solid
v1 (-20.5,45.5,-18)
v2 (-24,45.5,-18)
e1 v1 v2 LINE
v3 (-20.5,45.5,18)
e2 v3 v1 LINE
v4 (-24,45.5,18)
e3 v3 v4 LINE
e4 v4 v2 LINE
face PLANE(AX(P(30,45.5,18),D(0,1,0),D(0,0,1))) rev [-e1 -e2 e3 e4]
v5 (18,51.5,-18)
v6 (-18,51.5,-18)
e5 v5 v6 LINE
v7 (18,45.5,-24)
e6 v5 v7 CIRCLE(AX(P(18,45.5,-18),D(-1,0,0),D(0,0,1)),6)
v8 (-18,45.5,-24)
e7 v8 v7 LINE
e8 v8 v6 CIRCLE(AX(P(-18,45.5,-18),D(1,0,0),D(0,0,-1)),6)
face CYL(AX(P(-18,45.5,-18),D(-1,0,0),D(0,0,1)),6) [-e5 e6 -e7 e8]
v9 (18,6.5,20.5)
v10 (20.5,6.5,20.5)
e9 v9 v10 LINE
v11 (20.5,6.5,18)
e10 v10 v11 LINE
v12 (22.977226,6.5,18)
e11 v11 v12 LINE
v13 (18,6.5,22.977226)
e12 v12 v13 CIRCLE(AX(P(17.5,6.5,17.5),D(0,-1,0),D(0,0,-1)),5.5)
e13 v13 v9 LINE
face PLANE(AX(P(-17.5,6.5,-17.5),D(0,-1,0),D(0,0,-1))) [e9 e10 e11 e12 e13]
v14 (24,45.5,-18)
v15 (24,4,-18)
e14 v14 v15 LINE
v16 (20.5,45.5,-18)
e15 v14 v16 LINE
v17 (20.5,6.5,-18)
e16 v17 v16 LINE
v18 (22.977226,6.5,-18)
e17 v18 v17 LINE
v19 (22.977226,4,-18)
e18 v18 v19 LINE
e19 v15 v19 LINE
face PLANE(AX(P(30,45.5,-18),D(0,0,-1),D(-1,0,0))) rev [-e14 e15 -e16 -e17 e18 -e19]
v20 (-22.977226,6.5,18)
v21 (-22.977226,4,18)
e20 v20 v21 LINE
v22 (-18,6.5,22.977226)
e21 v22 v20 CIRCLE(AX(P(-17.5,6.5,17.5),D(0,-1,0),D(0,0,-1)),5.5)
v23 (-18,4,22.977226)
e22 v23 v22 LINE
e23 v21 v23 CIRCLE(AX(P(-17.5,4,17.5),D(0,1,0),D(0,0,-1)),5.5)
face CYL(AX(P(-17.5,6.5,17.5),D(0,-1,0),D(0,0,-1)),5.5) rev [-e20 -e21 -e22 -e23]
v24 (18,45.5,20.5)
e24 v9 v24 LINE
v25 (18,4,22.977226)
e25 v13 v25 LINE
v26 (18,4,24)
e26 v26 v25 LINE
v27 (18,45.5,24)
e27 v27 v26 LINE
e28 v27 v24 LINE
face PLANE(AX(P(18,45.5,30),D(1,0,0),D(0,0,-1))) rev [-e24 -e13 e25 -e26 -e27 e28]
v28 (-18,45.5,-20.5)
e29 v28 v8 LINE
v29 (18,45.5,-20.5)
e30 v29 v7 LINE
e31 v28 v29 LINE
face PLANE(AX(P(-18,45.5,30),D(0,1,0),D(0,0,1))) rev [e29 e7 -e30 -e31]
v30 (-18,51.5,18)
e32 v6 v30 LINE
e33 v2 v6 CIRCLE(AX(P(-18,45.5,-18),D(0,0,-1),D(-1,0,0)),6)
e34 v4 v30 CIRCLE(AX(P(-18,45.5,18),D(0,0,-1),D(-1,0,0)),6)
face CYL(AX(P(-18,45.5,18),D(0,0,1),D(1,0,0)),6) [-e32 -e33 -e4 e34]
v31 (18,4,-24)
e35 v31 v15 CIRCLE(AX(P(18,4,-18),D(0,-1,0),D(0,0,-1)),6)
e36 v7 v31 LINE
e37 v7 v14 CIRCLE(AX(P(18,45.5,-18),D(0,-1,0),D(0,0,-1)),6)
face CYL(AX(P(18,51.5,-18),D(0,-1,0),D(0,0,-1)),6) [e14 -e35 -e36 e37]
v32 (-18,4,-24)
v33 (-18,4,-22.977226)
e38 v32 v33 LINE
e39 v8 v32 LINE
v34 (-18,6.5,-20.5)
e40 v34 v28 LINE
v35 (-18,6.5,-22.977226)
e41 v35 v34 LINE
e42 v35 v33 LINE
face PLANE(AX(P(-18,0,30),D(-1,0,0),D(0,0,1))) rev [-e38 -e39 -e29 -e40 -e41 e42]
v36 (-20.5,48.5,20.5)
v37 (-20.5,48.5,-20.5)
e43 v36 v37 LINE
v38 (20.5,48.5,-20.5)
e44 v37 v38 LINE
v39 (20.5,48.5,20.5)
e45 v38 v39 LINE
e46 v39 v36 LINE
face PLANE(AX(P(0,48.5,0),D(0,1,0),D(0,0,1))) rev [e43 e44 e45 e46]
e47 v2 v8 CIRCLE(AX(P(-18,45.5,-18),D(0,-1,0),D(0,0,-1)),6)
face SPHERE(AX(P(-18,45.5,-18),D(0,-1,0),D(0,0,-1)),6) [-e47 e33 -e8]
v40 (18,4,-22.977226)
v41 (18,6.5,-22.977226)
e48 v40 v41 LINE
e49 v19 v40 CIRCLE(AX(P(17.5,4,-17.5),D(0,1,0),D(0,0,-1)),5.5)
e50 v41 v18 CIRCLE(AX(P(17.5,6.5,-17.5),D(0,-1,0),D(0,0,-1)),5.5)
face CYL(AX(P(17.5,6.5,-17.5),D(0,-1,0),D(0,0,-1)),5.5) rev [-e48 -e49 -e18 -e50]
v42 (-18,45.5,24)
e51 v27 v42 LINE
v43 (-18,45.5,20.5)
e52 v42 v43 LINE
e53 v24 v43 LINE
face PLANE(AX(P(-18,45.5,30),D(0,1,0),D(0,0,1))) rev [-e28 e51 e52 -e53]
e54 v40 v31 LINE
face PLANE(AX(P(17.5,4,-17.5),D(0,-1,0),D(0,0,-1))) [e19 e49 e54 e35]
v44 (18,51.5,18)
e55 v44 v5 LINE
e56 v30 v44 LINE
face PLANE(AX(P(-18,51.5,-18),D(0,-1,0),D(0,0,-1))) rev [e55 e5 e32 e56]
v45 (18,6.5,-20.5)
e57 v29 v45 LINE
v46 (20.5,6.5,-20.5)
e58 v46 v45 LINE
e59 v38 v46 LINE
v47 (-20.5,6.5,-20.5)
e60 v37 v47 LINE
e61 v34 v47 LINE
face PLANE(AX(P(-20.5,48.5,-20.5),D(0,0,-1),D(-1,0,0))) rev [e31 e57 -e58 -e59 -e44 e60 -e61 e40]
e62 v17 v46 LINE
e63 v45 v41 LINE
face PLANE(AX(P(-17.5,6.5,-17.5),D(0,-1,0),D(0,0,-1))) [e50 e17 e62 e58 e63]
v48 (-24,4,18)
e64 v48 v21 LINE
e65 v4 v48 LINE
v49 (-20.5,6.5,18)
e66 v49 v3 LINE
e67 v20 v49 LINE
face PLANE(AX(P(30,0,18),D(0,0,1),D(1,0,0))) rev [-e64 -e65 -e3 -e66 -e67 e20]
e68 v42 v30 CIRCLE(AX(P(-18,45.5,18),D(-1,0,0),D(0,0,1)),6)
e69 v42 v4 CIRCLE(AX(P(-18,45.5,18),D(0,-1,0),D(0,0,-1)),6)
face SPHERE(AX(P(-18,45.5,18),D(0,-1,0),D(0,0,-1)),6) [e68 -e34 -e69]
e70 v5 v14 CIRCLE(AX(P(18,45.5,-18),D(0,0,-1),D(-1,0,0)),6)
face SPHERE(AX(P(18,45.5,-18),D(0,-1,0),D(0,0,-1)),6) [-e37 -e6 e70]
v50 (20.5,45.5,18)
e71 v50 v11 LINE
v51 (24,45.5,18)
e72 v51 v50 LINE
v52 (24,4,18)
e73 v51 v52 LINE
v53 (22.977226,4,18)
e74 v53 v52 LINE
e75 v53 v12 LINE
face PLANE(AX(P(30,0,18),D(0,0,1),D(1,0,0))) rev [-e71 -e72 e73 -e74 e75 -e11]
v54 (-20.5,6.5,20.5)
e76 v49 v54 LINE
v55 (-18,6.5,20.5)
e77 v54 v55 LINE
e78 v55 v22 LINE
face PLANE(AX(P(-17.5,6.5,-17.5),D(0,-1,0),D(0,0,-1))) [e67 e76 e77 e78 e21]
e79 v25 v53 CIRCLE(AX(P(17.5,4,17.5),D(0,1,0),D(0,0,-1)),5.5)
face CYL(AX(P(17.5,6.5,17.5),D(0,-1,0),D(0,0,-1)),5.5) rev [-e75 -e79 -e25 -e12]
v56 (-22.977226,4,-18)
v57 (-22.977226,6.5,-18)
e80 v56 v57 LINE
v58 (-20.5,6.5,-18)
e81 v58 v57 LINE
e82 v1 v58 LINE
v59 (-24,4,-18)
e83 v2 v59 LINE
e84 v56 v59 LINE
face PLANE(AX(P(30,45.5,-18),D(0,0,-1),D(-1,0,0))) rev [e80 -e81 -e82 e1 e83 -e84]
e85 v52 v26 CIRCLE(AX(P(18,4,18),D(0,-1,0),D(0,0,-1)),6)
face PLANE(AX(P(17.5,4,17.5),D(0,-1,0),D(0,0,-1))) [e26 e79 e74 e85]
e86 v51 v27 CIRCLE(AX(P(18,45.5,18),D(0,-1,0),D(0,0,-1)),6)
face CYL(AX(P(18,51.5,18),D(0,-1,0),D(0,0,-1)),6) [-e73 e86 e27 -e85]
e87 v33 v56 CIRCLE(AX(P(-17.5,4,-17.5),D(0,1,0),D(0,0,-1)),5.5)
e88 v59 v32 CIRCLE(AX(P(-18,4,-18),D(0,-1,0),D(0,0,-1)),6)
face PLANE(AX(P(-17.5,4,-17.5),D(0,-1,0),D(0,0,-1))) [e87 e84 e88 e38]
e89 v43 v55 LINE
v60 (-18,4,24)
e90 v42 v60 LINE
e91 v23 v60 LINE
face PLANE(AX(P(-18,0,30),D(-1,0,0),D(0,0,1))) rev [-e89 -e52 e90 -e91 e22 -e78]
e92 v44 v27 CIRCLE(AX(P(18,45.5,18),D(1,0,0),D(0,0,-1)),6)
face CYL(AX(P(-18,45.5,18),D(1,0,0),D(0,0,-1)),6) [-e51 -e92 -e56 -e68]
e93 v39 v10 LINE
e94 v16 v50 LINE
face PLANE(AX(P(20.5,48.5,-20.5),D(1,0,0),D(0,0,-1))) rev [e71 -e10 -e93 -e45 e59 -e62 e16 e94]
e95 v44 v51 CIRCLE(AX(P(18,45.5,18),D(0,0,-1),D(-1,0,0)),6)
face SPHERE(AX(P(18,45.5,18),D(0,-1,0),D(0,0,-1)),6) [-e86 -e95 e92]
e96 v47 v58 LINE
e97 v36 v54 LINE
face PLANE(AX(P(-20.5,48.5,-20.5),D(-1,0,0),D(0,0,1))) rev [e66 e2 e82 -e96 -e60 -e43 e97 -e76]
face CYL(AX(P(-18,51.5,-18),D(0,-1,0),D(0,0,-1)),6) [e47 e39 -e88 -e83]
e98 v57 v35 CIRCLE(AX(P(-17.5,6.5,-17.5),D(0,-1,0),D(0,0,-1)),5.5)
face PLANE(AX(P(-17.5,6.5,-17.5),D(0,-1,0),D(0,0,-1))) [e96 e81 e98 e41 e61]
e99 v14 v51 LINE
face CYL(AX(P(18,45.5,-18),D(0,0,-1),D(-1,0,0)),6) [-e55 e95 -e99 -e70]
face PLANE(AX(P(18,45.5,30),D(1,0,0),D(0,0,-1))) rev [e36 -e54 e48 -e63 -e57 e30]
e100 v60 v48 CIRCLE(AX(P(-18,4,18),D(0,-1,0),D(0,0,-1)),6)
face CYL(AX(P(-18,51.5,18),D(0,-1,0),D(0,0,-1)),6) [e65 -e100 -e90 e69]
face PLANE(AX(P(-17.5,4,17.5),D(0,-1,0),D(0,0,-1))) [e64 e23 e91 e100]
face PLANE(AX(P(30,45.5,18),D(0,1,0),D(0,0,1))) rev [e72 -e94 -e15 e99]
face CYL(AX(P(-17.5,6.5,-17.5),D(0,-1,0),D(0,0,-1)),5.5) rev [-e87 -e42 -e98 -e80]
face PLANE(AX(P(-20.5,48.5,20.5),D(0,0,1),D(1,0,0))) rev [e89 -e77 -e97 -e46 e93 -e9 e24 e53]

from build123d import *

# Parameters (mm, degrees)
EXTRUDE_1_DEPTH     = 51.5
FILLET_2_R          = 6
SKETCH_2_W          = 41
SKETCH_2_H          = 41
CUT_EXTRUDE_1_DEPTH = 48.5
SKETCH_3_W          = 36
SKETCH_3_H          = 45.5
CUT_EXTRUDE_2_DEPTH = 54
SKETCH_4_W          = 36
SKETCH_4_H          = 45.5
CUT_EXTRUDE_3_DEPTH = 54
CUT_EXTRUDE_4_DEPTH = 6.5
CUT_EXTRUDE_5_DEPTH = 4


with BuildPart() as part:
    # 草图1 → 凸台-拉伸1 (new body)
    with BuildSketch(Plane(origin=(0, 0, 0), x_dir=(1, 0, 0), z_dir=(0, 1, 0))):
        with BuildLine():
            Line((-18, -24), (18, -24))
            ThreePointArc((18, -24), (22.242640687, -22.242640687), (24, -18))
            Line((24, -18), (24, 18))
            ThreePointArc((24, 18), (22.242640687, 22.242640687), (18, 24))
            Line((18, 24), (-18, 24))
            ThreePointArc((-18, 24), (-22.242640687, 22.242640687), (-24, 18))
            Line((-24, 18), (-24, -18))
            ThreePointArc((-24, -18), (-22.242640687, -22.242640687), (-18, -24))
        make_face()
    extrude(amount=EXTRUDE_1_DEPTH)

    # 圆角2
    fillet_2_edges = [part.edges().sort_by_distance(p)[0] for p in [
        (22.242640687, 51.5, -22.242640687),
        (24, 51.5, 0),
        (22.242640687, 51.5, 22.242640687),
        (0, 51.5, 24),
        (-22.242640687, 51.5, 22.242640687),
        (-24, 51.5, 0),
        (-22.242640687, 51.5, -22.242640687),
        (0, 51.5, -24),
    ]]
    fillet(fillet_2_edges, radius=FILLET_2_R)

    # 草图2 → 切除-拉伸1 (cut)
    with BuildSketch(Plane.XZ):
        Rectangle(SKETCH_2_W, SKETCH_2_H)
    extrude(amount=-CUT_EXTRUDE_1_DEPTH, mode=Mode.SUBTRACT)

    # 草图3 → 切除-拉伸2 (cut)
    with BuildSketch(Plane(origin=(0, 0, -24), x_dir=(-1, 0, 0), z_dir=(0, 0, -1))):
        with Locations((0, 22.75)):
            Rectangle(SKETCH_3_W, SKETCH_3_H)
    extrude(amount=-CUT_EXTRUDE_2_DEPTH, mode=Mode.SUBTRACT)

    # 草图4 → 切除-拉伸3 (cut)
    with BuildSketch(Plane.ZY.offset(24)):
        with Locations((0, 22.75)):
            Rectangle(SKETCH_4_W, SKETCH_4_H)
    extrude(amount=-CUT_EXTRUDE_3_DEPTH, mode=Mode.SUBTRACT)

    # 草图5 → 切除-拉伸4 (cut)
    with BuildSketch(Plane.XZ):
        with BuildLine():
            Line((-17.5, -23), (17.5, -23))
            ThreePointArc((17.5, -23), (21.389087297, -21.389087297), (23, -17.5))
            Line((23, -17.5), (23, 17.5))
            ThreePointArc((23, 17.5), (21.389087297, 21.389087297), (17.5, 23))
            Line((17.5, 23), (-17.5, 23))
            ThreePointArc((-17.5, 23), (-21.389087297, 21.389087297), (-23, 17.5))
            Line((-23, 17.5), (-23, -17.5))
            ThreePointArc((-23, -17.5), (-21.389087297, -21.389087297), (-17.5, -23))
        make_face()
    extrude(amount=-CUT_EXTRUDE_4_DEPTH, mode=Mode.SUBTRACT)

    # 草图8 → 切除-拉伸5 (cut)
    with BuildSketch(Plane.XZ):
        with BuildLine():
            Line((18, -22.977225575), (18, -24))
            ThreePointArc((18, -24), (22.242640687, -22.242640687), (24, -18))
            Line((24, -18), (22.977225575, -18))
            ThreePointArc((22.977225575, -18), (21.389087297, -21.389087297), (18, -22.977225575))
        make_face()
        with BuildLine():
            Line((22.977225575, 18), (24, 18))
            ThreePointArc((24, 18), (22.242640687, 22.242640687), (18, 24))
            Line((18, 24), (18, 22.977225575))
            ThreePointArc((18, 22.977225575), (21.389087297, 21.389087297), (22.977225575, 18))
        make_face()
        with BuildLine():
            Line((-18, 22.977225575), (-18, 24))
            ThreePointArc((-18, 24), (-22.242640687, 22.242640687), (-24, 18))
            Line((-24, 18), (-22.977225575, 18))
            ThreePointArc((-22.977225575, 18), (-21.389087297, 21.389087297), (-18, 22.977225575))
        make_face()
        with BuildLine():
            Line((-22.977225575, -18), (-24, -18))
            ThreePointArc((-24, -18), (-22.242640687, -22.242640687), (-18, -24))
            Line((-18, -24), (-18, -22.977225575))
            ThreePointArc((-18, -22.977225575), (-21.389087297, -21.389087297), (-22.977225575, -18))
        make_face()
    extrude(amount=-CUT_EXTRUDE_5_DEPTH, mode=Mode.SUBTRACT)


solid = part.part
